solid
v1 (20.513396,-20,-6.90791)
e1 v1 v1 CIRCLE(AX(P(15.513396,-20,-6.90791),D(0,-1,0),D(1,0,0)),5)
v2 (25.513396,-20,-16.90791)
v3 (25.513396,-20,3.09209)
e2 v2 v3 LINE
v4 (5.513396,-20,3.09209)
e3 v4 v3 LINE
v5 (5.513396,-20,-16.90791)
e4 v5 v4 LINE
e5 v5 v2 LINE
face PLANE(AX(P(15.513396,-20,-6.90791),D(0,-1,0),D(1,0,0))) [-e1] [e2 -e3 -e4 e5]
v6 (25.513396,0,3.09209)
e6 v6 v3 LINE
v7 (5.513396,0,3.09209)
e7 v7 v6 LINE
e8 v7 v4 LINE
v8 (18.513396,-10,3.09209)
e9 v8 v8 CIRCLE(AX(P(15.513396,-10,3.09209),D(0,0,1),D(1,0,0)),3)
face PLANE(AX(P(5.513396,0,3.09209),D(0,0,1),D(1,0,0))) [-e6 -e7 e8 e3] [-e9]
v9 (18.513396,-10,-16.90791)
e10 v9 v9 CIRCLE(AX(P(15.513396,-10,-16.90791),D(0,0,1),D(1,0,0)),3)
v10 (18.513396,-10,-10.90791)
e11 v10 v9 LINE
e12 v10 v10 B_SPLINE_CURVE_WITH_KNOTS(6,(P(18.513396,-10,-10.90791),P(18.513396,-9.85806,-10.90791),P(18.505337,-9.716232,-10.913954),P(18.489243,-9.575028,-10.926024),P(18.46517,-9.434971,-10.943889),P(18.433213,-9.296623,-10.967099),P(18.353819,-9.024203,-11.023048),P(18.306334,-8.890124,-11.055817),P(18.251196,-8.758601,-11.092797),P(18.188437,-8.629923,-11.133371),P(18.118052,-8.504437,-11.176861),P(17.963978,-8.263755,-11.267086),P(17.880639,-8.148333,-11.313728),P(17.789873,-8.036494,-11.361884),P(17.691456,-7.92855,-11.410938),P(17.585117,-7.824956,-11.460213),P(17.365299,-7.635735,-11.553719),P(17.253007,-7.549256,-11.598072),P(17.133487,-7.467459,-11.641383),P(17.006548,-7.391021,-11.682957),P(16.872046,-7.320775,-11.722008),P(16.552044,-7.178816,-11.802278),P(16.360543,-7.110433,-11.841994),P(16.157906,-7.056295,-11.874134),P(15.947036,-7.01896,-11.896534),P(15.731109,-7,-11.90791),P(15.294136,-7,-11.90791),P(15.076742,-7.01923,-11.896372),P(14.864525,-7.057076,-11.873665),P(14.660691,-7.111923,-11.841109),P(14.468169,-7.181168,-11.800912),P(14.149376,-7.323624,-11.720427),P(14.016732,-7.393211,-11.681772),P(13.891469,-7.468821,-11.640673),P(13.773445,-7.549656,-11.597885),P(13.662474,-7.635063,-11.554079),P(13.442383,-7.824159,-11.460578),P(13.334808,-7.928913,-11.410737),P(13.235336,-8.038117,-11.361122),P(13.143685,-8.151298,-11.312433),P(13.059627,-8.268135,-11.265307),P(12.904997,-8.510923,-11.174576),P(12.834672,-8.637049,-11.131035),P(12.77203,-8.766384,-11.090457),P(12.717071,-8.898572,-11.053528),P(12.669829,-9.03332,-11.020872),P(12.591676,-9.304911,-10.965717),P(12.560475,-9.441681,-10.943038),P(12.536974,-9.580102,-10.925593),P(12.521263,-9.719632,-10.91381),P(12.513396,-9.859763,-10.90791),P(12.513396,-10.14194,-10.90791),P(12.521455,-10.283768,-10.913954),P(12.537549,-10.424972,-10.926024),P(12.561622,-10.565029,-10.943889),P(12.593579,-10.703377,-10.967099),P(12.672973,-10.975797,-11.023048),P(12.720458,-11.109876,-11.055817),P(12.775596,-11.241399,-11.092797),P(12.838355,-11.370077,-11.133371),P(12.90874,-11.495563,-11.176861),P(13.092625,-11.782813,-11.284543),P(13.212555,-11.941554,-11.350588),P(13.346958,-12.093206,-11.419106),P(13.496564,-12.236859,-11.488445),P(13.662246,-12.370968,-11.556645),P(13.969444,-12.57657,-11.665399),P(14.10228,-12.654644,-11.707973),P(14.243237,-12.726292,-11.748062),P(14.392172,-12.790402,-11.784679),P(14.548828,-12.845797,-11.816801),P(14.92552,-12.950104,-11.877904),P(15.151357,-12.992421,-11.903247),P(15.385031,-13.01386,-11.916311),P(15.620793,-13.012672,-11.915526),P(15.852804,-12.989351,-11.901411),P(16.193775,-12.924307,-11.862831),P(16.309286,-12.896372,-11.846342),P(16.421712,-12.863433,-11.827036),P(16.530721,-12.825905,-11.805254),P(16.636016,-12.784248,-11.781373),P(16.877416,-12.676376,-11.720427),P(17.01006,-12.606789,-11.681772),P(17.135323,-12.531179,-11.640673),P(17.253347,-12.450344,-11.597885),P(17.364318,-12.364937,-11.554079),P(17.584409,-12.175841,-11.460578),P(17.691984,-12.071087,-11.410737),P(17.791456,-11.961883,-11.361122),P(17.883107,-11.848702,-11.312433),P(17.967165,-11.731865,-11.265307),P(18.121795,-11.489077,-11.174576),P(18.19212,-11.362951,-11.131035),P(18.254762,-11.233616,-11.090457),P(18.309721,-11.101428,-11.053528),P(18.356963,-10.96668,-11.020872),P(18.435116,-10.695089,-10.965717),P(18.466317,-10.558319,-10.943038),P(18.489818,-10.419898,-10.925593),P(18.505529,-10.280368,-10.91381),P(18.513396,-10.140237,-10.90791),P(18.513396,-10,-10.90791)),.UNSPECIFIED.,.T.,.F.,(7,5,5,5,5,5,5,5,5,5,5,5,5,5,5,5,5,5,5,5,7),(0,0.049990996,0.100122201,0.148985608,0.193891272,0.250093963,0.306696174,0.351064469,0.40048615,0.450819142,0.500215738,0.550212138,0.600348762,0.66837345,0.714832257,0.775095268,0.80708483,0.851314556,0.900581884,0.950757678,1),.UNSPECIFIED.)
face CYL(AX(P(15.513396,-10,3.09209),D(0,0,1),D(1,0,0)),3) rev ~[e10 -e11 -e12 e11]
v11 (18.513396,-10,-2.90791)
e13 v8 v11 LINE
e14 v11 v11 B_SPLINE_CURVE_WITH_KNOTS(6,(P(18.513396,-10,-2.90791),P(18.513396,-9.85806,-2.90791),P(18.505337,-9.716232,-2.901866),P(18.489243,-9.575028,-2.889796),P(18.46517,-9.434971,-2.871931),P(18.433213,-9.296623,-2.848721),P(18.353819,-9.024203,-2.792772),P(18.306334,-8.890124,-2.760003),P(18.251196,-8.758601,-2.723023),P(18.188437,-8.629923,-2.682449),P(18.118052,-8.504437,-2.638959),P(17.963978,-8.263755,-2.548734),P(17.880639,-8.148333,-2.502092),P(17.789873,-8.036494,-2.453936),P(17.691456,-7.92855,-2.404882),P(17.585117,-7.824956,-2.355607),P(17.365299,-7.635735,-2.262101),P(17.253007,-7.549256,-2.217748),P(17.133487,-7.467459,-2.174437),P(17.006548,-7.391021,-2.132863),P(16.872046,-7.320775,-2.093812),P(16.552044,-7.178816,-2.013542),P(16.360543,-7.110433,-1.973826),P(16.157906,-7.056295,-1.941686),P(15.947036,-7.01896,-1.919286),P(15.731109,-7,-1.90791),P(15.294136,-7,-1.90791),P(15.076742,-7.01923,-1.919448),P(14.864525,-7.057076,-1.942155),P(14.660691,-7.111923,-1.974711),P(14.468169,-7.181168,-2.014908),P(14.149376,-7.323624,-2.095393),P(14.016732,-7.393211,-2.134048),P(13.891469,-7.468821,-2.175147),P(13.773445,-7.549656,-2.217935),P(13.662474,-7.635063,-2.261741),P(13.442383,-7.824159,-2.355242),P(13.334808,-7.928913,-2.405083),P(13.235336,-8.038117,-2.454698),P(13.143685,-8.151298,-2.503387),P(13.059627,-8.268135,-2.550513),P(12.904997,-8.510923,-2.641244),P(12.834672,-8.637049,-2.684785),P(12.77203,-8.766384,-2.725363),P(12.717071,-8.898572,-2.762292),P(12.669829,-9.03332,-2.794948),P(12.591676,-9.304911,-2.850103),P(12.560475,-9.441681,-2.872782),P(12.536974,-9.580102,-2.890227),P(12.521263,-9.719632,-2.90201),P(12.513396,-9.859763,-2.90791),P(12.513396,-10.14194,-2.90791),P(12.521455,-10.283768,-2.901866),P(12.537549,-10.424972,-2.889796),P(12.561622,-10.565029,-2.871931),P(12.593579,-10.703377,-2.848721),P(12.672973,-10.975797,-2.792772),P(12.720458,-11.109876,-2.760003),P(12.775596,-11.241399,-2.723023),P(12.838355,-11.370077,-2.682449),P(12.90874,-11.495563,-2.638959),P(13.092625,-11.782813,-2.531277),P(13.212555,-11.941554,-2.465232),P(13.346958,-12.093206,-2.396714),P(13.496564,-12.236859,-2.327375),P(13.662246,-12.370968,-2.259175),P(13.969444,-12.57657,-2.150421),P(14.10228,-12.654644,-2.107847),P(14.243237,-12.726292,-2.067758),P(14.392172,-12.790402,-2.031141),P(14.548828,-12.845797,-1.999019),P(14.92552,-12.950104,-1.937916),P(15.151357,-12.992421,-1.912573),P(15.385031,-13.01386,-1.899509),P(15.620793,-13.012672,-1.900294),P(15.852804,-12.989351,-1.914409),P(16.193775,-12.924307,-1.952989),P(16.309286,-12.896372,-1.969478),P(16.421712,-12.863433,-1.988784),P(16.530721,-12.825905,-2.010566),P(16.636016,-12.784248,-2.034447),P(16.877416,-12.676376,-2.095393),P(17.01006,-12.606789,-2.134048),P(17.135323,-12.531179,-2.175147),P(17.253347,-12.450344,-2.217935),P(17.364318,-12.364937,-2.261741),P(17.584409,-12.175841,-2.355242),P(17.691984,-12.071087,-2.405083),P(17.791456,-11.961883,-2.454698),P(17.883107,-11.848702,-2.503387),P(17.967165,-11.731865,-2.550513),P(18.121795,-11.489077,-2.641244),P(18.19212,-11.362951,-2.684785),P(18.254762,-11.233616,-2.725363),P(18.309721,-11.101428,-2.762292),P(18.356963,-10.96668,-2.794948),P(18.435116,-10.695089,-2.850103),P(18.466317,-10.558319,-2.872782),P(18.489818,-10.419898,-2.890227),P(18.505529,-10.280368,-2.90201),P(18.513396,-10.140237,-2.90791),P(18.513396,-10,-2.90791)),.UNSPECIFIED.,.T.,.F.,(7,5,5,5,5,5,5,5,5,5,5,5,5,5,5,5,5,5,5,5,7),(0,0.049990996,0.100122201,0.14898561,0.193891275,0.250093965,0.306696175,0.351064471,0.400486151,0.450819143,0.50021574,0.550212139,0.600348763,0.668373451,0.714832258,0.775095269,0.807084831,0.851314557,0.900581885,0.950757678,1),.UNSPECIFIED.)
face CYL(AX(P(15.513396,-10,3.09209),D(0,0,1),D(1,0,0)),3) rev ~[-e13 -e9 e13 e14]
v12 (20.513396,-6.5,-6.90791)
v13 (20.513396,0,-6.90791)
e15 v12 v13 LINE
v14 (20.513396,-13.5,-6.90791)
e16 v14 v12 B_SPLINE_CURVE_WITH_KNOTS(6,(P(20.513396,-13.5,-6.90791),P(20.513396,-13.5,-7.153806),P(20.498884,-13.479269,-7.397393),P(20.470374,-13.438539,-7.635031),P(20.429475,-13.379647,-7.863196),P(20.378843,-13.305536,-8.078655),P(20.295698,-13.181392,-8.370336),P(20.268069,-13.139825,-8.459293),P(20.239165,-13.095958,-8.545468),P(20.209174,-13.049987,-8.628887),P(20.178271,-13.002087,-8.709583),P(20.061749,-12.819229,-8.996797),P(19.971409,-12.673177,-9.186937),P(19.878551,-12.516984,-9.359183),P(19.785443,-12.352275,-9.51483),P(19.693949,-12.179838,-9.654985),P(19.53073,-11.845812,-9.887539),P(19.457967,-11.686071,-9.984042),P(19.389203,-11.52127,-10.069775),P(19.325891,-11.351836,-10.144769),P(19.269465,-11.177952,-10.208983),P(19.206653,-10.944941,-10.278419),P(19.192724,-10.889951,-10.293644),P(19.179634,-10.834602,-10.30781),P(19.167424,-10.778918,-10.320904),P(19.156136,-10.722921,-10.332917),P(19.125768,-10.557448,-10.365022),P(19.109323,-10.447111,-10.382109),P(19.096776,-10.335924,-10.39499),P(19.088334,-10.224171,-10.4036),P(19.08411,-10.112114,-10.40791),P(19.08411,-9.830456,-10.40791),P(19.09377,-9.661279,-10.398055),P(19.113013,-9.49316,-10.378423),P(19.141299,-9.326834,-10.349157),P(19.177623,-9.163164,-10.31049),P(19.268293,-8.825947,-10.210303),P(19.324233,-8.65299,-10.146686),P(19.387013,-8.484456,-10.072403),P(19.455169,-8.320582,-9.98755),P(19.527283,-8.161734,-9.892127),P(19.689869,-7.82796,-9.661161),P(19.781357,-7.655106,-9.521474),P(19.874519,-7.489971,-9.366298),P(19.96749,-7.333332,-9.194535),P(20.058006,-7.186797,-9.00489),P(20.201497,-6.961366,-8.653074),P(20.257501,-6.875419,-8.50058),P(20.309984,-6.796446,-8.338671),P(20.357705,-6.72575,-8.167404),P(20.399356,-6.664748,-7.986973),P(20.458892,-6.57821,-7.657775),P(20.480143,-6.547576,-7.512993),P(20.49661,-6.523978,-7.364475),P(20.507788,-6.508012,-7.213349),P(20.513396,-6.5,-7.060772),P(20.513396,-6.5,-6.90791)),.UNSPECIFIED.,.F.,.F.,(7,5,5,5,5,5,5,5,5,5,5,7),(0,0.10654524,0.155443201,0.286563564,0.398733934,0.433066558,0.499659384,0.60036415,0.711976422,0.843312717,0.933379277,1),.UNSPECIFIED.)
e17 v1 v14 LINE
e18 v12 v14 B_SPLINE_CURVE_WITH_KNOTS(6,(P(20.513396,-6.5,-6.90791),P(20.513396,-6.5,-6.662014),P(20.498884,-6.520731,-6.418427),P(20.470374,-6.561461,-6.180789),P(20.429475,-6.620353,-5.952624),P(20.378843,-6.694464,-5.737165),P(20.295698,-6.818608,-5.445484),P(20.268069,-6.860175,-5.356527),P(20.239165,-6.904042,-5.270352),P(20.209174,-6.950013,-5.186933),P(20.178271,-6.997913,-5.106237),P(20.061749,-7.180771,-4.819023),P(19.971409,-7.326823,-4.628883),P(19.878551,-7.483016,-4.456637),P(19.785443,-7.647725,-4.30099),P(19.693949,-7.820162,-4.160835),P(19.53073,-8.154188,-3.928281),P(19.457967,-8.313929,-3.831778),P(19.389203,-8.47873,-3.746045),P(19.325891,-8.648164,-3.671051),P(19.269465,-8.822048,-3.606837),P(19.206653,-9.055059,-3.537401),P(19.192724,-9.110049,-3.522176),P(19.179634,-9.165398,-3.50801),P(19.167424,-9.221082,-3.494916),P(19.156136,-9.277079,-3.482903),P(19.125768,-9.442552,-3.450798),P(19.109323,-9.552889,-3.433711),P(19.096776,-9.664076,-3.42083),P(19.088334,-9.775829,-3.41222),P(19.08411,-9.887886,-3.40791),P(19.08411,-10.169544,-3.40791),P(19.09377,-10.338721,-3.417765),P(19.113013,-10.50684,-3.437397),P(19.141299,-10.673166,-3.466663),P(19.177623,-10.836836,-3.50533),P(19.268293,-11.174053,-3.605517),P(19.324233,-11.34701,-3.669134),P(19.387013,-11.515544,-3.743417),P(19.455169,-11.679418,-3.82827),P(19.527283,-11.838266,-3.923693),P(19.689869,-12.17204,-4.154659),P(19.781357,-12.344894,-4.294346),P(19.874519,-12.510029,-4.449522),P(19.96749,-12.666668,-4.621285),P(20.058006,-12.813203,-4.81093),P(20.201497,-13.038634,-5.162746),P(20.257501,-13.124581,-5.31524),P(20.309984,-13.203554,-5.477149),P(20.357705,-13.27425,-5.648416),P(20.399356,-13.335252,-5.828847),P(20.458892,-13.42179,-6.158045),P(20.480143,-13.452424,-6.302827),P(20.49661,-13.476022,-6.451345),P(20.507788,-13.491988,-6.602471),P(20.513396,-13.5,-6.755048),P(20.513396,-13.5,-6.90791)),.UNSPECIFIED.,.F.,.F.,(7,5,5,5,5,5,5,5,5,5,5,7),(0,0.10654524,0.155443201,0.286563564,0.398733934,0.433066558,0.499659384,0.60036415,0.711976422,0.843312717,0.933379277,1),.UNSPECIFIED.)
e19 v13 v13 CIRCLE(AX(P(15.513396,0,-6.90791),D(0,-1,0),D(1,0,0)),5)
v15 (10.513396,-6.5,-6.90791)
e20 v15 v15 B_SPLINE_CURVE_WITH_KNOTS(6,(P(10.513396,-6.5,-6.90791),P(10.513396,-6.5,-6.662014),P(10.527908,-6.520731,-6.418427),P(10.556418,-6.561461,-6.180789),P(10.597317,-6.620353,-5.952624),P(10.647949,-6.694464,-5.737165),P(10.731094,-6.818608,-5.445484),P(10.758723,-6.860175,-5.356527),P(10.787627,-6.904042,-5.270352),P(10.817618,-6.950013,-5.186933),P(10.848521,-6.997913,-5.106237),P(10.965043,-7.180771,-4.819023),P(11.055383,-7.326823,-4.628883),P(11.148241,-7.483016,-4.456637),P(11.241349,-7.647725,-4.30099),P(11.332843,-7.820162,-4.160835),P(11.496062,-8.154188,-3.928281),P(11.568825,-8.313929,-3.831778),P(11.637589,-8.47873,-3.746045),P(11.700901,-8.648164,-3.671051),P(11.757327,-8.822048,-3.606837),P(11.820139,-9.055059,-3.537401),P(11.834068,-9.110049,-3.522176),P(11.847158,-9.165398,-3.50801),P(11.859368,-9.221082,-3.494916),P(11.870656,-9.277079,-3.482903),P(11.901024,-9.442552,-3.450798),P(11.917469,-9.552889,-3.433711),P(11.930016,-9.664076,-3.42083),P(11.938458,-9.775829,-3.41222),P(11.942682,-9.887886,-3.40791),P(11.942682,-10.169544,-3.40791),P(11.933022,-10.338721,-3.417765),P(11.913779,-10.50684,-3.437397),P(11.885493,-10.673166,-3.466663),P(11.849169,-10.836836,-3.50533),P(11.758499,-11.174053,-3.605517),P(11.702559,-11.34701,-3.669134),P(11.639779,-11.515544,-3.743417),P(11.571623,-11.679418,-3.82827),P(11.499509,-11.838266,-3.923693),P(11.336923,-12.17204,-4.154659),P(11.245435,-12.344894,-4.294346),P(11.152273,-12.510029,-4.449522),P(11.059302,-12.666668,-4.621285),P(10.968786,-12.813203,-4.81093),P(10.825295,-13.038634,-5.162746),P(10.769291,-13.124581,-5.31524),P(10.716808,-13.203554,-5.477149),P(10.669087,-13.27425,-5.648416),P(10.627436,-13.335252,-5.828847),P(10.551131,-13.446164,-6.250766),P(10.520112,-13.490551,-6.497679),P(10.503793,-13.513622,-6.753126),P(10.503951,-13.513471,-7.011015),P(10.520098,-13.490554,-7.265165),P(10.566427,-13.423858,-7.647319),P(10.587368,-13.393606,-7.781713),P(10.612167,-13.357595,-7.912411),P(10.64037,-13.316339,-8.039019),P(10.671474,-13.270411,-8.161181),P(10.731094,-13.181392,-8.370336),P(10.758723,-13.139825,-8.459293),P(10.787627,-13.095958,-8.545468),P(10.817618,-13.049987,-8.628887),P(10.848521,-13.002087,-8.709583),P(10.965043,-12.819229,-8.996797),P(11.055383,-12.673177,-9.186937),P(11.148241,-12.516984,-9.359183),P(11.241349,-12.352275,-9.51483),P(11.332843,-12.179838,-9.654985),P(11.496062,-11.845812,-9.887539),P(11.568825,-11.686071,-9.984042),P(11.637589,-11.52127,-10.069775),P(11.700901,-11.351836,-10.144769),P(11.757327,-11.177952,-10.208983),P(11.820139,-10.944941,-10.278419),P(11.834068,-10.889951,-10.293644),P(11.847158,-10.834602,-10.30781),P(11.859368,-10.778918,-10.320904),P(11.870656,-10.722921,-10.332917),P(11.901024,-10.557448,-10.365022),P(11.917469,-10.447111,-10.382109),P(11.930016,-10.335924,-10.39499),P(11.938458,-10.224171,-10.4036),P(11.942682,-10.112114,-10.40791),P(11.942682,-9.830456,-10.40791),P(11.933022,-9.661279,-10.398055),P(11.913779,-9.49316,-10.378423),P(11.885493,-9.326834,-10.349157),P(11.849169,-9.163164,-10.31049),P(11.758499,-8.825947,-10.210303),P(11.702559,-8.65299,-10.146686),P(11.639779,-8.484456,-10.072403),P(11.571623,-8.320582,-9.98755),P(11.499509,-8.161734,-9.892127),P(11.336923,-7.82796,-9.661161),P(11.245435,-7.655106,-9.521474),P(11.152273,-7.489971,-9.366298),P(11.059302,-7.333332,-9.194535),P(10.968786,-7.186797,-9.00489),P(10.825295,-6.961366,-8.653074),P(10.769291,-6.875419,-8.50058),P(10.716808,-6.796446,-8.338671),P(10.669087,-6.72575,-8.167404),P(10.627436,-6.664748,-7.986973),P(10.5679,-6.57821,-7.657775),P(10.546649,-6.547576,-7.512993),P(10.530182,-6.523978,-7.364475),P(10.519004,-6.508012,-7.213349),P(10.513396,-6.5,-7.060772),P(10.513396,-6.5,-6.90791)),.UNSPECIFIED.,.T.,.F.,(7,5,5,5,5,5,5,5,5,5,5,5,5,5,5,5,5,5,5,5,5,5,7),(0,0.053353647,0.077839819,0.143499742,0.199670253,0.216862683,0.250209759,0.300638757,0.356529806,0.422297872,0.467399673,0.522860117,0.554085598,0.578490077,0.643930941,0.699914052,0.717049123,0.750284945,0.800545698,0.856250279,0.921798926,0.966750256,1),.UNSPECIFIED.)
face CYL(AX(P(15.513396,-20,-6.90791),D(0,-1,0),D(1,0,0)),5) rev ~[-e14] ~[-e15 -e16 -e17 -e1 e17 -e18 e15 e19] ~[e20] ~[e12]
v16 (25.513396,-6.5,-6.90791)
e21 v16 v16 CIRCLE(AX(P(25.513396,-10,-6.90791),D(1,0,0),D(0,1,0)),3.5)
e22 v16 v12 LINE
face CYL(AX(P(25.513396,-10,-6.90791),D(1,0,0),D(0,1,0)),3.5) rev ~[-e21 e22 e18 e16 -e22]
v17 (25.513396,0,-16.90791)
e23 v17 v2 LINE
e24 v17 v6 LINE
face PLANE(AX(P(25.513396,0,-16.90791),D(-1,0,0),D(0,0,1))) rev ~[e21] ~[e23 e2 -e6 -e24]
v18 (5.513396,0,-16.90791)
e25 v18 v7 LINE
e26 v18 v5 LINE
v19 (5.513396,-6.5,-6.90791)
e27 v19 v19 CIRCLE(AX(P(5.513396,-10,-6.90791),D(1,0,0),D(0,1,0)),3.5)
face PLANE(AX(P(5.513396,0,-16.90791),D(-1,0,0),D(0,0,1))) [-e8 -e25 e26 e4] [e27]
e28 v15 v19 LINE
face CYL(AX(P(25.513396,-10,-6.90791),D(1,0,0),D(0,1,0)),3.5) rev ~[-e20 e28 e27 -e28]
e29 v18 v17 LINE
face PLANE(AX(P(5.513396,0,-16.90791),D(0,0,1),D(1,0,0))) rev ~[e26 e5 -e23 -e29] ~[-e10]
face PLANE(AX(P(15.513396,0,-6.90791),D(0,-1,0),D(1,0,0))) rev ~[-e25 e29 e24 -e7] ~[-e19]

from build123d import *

# Parameters (mm, degrees)
F0_W     = 20
F0_H     = 20
F1_DEPTH = 20
F2_R     = 3
F3_DEPTH = 25
F4_R     = 3.5
F5_DEPTH = 25
F6_R     = 5
F7_DEPTH = 25


with BuildPart() as f1:
    # F0 (on Front) → F1 (new body)
    with BuildSketch(Plane.XZ):
        with Locations((15.513396, -6.90791)):
            Rectangle(F0_W, F0_H)
    extrude(amount=F1_DEPTH)

    # F2 (on face) → F3 (cut)
    with BuildSketch(Plane.XY.offset(3.09209)):
        with Locations((15.513396, -10)):
            Circle(F2_R)
    extrude(amount=-F3_DEPTH, mode=Mode.SUBTRACT)

    # F4 (on face) → F5 (cut)
    with BuildSketch(Plane.YZ.offset(25.513396)):
        with Locations((-10, -6.90791)):
            Circle(F4_R)
    extrude(amount=-F5_DEPTH, mode=Mode.SUBTRACT)

    # F6 (on face) → F7 (cut)
    with BuildSketch(Plane.XZ.offset(20)):
        with Locations((15.513396, -6.90791)):
            Circle(F6_R)
    extrude(amount=-F7_DEPTH, mode=Mode.SUBTRACT)


solid = f1.part
